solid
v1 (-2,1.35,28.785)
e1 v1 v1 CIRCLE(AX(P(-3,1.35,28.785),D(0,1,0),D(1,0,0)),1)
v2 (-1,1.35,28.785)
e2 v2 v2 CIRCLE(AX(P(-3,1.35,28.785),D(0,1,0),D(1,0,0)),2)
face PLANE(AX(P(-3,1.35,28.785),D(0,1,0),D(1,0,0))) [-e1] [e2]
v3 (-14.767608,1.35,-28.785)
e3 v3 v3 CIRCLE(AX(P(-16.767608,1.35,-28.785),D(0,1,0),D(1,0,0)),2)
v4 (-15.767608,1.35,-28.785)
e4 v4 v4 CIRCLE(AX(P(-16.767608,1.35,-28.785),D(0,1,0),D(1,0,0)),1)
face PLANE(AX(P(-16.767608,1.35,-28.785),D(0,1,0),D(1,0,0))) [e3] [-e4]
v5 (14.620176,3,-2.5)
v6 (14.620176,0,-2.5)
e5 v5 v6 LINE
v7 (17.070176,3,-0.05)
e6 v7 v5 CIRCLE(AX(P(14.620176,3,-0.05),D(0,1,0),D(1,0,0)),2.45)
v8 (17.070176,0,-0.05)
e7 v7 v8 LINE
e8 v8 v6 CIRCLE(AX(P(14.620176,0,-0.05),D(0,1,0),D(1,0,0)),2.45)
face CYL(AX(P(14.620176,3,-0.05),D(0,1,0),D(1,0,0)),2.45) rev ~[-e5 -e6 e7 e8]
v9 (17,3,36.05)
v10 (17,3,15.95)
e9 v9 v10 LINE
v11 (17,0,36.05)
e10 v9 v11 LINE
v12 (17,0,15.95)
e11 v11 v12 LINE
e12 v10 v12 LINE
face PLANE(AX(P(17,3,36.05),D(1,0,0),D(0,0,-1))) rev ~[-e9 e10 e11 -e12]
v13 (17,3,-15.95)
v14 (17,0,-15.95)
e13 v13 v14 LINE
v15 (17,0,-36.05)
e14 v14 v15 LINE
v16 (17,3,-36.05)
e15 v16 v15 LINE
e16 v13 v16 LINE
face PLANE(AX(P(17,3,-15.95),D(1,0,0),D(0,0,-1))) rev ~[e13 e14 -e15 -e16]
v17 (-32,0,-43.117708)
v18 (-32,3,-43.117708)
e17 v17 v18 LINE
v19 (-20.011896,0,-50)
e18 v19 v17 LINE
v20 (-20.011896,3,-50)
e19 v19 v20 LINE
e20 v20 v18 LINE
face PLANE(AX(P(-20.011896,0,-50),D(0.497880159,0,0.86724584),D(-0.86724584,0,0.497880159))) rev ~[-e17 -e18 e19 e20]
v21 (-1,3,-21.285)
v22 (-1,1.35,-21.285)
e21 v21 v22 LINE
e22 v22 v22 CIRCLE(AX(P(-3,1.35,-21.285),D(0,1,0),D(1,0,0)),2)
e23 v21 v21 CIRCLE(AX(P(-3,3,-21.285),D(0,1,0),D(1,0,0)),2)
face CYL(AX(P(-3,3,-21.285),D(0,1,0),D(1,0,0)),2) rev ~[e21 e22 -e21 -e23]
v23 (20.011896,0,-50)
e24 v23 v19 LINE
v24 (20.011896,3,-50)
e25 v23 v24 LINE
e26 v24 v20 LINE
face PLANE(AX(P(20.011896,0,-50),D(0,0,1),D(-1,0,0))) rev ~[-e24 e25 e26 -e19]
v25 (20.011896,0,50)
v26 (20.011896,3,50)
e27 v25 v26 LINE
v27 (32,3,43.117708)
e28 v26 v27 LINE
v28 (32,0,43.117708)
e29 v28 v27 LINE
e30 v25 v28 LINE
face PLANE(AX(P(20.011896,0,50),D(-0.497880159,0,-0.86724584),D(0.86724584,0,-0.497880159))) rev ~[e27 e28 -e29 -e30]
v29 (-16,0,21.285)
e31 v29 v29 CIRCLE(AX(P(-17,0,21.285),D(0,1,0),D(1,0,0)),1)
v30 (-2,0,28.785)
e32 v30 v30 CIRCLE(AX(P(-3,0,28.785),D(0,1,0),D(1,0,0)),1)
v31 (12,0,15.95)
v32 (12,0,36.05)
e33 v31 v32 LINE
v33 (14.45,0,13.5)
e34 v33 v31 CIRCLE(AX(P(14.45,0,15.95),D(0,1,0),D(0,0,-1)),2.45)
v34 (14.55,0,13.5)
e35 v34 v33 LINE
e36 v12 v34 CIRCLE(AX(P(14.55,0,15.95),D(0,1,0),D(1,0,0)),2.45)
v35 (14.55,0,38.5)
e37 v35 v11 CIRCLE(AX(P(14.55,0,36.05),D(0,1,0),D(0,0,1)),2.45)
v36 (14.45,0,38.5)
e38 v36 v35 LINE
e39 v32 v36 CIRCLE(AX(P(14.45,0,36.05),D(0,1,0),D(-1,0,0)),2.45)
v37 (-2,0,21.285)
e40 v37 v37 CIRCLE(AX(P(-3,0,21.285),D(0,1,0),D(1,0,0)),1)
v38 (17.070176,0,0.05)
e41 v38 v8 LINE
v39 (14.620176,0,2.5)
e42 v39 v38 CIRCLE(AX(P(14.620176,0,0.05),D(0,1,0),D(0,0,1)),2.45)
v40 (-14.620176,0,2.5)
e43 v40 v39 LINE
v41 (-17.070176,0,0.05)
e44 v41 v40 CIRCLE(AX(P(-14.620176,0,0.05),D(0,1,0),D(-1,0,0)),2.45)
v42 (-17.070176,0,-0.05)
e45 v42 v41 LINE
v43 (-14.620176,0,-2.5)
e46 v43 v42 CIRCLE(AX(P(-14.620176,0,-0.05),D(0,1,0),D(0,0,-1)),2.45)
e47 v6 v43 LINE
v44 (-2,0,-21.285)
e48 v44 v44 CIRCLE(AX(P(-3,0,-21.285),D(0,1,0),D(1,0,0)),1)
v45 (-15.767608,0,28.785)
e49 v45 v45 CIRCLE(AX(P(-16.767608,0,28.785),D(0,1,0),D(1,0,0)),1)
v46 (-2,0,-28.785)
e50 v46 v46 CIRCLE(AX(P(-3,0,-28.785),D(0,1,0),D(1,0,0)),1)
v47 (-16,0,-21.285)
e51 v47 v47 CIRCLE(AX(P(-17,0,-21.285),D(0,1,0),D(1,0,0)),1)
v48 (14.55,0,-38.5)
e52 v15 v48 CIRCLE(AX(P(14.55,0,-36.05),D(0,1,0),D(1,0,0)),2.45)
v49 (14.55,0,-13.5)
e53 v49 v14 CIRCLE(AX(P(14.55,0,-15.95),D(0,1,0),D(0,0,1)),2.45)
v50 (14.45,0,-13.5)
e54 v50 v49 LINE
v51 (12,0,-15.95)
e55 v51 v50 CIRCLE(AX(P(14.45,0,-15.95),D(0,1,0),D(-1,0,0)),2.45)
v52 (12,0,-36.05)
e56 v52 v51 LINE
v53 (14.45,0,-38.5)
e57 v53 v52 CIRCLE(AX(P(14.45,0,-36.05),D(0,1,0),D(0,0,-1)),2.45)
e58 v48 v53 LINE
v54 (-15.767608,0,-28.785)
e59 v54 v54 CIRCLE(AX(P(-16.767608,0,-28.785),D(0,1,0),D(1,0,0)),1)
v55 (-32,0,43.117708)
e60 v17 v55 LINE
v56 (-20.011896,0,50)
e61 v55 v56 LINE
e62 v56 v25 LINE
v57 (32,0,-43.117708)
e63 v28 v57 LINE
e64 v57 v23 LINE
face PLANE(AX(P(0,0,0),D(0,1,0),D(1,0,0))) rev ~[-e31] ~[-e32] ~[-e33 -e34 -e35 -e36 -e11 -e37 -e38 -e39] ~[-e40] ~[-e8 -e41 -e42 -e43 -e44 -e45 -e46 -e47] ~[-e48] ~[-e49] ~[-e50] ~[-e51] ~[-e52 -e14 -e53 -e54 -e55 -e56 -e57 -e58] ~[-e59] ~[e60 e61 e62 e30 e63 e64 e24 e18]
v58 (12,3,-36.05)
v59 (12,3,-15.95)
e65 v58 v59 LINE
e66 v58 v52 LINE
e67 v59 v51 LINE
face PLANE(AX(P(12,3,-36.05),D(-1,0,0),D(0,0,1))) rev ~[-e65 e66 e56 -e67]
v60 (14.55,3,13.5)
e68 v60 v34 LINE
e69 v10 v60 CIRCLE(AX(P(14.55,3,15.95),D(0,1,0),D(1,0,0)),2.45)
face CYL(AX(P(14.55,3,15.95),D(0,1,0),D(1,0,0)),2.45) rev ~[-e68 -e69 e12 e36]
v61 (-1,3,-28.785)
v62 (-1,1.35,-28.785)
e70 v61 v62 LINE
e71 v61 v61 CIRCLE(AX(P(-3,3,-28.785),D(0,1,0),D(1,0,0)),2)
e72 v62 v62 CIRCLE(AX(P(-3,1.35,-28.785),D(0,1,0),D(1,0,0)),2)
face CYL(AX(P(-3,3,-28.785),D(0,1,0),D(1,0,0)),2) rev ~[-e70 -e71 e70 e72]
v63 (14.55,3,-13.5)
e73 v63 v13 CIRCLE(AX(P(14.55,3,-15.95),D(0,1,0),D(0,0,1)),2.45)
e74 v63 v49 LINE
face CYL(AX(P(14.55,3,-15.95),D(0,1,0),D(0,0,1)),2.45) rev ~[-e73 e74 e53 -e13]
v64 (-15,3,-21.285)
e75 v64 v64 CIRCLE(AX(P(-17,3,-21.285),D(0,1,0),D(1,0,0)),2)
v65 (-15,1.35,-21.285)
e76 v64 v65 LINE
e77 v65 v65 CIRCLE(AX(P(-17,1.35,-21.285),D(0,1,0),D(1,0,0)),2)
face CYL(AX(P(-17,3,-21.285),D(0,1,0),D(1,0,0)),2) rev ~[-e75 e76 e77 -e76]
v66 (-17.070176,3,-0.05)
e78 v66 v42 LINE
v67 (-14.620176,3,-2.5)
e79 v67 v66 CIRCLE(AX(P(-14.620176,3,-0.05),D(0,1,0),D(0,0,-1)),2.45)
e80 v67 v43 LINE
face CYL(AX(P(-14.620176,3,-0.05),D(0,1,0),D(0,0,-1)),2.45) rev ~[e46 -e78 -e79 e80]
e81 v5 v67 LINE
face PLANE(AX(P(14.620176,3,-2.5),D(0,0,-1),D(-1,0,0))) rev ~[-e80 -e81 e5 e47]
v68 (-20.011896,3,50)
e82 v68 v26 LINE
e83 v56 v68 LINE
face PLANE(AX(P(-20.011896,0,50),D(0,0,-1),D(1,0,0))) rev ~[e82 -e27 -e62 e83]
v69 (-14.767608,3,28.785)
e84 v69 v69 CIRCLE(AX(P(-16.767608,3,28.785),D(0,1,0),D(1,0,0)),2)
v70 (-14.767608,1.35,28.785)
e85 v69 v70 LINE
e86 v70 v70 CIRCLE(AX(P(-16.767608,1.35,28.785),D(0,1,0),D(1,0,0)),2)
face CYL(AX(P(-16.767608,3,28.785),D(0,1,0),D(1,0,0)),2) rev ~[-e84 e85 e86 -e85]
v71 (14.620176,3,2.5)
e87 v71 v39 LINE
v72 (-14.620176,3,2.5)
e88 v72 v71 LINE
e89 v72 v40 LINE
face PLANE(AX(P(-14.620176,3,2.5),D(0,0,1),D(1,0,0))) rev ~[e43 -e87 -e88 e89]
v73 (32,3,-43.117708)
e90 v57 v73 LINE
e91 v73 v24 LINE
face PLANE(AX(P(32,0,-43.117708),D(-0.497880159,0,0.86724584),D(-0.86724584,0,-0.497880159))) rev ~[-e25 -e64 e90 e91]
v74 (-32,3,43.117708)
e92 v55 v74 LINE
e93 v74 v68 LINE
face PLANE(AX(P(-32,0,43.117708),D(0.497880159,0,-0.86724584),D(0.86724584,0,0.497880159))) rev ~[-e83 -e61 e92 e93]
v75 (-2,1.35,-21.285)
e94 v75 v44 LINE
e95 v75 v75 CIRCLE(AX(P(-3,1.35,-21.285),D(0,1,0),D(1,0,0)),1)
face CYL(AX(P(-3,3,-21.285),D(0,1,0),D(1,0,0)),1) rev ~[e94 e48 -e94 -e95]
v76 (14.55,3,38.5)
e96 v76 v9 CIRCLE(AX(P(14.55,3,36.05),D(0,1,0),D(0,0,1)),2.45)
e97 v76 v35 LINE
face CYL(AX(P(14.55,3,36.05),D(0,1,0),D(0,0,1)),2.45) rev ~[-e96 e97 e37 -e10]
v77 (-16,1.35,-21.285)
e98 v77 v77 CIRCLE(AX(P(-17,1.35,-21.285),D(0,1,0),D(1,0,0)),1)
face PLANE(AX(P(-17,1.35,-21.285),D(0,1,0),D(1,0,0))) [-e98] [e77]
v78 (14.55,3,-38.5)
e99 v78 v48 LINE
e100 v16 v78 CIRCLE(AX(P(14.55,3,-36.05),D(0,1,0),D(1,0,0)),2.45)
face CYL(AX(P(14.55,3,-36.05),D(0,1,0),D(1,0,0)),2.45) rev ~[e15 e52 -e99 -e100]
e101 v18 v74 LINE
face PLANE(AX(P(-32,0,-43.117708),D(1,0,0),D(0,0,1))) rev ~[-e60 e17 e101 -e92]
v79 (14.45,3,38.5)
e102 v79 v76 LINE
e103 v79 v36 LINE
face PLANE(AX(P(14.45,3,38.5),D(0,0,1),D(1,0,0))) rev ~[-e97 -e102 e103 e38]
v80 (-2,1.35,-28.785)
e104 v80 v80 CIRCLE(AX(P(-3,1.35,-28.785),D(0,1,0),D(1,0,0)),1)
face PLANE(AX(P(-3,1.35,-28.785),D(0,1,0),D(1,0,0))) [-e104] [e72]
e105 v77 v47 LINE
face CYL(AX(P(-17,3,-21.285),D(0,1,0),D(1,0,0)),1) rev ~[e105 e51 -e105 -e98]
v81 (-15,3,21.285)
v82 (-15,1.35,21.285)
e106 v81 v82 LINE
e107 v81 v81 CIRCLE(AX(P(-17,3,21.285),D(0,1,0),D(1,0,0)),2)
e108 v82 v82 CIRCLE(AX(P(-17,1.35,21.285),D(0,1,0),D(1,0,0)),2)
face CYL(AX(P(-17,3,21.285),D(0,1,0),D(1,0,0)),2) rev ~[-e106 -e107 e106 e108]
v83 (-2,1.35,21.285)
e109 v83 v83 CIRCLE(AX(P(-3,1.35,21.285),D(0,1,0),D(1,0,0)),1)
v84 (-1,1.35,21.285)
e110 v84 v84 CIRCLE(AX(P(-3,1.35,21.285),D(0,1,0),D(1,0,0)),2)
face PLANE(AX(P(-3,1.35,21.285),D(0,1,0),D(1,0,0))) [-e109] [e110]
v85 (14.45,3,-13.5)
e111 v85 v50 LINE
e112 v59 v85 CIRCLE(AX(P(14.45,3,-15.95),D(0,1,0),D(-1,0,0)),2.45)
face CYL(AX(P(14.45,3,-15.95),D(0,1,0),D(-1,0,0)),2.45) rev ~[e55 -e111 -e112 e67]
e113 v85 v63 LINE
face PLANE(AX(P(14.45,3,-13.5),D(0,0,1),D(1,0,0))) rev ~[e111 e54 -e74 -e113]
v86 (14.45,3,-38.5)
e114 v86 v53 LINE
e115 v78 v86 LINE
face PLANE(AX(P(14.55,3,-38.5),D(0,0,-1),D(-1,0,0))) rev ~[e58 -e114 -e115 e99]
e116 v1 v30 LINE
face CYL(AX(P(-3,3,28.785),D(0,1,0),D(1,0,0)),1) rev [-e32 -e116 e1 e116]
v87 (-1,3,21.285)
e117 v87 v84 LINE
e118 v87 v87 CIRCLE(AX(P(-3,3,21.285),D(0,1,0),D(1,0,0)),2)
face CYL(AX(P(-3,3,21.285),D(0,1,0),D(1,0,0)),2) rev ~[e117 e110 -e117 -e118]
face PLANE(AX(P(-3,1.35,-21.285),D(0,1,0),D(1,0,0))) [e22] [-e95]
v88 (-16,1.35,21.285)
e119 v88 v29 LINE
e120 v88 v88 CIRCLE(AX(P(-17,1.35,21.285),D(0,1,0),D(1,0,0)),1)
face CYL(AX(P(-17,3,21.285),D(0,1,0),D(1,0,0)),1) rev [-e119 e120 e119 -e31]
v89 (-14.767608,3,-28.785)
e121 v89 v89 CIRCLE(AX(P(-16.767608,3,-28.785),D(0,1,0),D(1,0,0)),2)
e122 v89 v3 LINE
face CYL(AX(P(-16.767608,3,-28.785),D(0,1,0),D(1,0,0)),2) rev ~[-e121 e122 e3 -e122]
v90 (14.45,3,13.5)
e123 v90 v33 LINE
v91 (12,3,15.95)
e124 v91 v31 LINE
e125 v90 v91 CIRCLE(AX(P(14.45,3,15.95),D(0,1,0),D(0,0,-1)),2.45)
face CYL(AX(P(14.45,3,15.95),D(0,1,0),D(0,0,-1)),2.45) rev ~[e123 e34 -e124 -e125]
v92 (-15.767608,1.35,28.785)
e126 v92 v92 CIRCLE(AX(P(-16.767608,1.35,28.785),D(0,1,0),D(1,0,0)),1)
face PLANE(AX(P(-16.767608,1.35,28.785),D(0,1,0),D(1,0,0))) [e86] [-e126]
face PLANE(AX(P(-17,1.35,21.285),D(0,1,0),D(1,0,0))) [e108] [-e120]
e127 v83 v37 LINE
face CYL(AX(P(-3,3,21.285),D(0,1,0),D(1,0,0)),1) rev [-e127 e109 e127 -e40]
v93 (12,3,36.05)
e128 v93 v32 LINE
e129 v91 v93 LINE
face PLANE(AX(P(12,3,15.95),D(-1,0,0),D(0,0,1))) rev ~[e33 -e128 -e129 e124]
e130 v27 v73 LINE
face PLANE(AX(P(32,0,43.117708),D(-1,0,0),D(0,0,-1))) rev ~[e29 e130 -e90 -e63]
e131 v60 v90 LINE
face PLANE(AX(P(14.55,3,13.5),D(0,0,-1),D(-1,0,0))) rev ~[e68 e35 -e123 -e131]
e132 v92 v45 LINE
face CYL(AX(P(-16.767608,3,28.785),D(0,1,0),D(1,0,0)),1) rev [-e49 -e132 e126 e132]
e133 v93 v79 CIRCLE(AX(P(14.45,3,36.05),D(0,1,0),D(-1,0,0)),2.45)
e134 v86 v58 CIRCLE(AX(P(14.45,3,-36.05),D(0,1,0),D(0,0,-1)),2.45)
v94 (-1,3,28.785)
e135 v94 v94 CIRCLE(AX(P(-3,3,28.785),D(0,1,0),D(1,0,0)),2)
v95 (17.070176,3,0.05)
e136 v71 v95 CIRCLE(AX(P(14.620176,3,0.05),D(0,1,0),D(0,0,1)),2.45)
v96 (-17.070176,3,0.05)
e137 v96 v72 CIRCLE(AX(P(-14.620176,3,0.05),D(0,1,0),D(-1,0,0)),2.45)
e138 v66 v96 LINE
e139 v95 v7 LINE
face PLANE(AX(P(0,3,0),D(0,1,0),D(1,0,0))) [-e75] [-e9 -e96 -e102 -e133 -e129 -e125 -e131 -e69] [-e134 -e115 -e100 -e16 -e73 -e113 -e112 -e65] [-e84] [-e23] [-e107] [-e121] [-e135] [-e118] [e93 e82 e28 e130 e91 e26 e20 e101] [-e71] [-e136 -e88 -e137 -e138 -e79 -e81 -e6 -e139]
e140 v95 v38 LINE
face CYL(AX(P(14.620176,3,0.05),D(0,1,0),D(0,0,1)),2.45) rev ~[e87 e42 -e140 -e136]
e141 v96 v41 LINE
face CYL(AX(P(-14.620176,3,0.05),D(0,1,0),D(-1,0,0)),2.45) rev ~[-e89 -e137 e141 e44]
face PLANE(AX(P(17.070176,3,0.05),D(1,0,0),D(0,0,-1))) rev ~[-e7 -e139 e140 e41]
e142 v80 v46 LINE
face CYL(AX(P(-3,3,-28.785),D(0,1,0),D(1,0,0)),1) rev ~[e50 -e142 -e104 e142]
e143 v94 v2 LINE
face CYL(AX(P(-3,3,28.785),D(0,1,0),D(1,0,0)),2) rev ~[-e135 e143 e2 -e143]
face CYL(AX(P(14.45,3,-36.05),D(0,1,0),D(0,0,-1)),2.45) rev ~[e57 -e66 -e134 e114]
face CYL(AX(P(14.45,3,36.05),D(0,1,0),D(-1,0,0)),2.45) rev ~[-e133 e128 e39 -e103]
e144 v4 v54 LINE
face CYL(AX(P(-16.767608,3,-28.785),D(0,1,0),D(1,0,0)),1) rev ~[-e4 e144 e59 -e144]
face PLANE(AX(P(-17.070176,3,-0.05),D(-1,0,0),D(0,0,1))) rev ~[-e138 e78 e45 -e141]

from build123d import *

# Parameters (mm, degrees)
BOSS_EXTRUDE1_DEPTH = 3
CUT_EXTRUDE2_DEPTH  = 10
SKETCH7_R           = 1
CUT_EXTRUDE3_DEPTH  = 11.5
SKETCH8_R           = 2
CUT_EXTRUDE4_DEPTH  = 1.65


with BuildPart() as part:
    # Sketch1 → Boss-Extrude1 (new body)
    with BuildSketch(Plane(origin=(0, 0, 0), x_dir=(1, 0, 0), z_dir=(0, 1, 0))):
        Polygon((-32, -43.117707706), (-20.011895516, -50), (20.011895516, -50), (32, -43.117707706), (32, 43.117707706), (20.011895516, 50), (-20.011895516, 50), (-32, 43.117707706), align=None)
    extrude(amount=BOSS_EXTRUDE1_DEPTH)

    # Sketch5 → Cut-Extrude2 (cut)
    with BuildSketch(Plane(origin=(0, 3, 0), x_dir=(1, 0, 0), z_dir=(0, 1, 0))):
        with BuildLine():
            Line((-14.620176413, -2.5), (14.620176413, -2.5))
            ThreePointArc((14.620176413, -2.5), (16.352588027, -1.782411614), (17.070176413, -0.05))
            Line((17.070176413, -0.05), (17.070176413, 0.05))
            ThreePointArc((17.070176413, 0.05), (16.352588027, 1.782411614), (14.620176413, 2.5))
            Line((14.620176413, 2.5), (-14.620176413, 2.5))
            ThreePointArc((-14.620176413, 2.5), (-16.352588027, 1.782411614), (-17.070176413, 0.05))
            Line((-17.070176413, 0.05), (-17.070176413, -0.05))
            ThreePointArc((-17.070176413, -0.05), (-16.352588027, -1.782411614), (-14.620176413, -2.5))
        make_face()
        with BuildLine():
            Line((14.45, -38.5), (14.55, -38.5))
            ThreePointArc((14.55, -38.5), (16.282411614, -37.782411614), (17, -36.05))
            Line((17, -36.05), (17, -15.95))
            ThreePointArc((17, -15.95), (16.282411614, -14.217588386), (14.55, -13.5))
            Line((14.55, -13.5), (14.45, -13.5))
            ThreePointArc((14.45, -13.5), (12.717588386, -14.217588386), (12, -15.95))
            Line((12, -15.95), (12, -36.05))
            ThreePointArc((12, -36.05), (12.717588386, -37.782411614), (14.45, -38.5))
        make_face()
        with BuildLine():
            Line((14.45, 13.5), (14.55, 13.5))
            ThreePointArc((14.55, 13.5), (16.282411614, 14.217588386), (17, 15.95))
            Line((17, 15.95), (17, 36.05))
            ThreePointArc((17, 36.05), (16.282411614, 37.782411614), (14.55, 38.5))
            Line((14.55, 38.5), (14.45, 38.5))
            ThreePointArc((14.45, 38.5), (12.717588386, 37.782411614), (12, 36.05))
            Line((12, 36.05), (12, 15.95))
            ThreePointArc((12, 15.95), (12.717588386, 14.217588386), (14.45, 13.5))
        make_face()
    extrude(amount=-CUT_EXTRUDE2_DEPTH, mode=Mode.SUBTRACT)

    # Sketch7 → Cut-Extrude3 (cut)
    with BuildSketch(Plane(origin=(0, 3, 0), x_dir=(1, 0, 0), z_dir=(0, 1, 0))):
        with Locations((-3, 28.785)):
            Circle(SKETCH7_R)
        with Locations((-3, 21.285)):
            Circle(SKETCH7_R)
        with Locations((-17, 21.285)):
            Circle(SKETCH7_R)
        with Locations((-16.76760758, 28.785)):
            Circle(SKETCH7_R)
    cut_extrude3 = extrude(amount=-CUT_EXTRUDE3_DEPTH, mode=Mode.SUBTRACT)

    # Mirror1: Cut-Extrude3 across plane
    add(cut_extrude3.mirror(Plane(origin=(0, 0, 0), x_dir=(1, 0, 0), z_dir=(0, 0, -1))), mode=Mode.SUBTRACT)

    # Sketch8 → Cut-Extrude4 (cut)
    with BuildSketch(Plane(origin=(0, 3, 0), x_dir=(1, 0, 0), z_dir=(0, 1, 0))):
        with Locations((-3, -28.785)):
            Circle(SKETCH8_R)
        with Locations((-16.76760758, -28.785)):
            Circle(SKETCH8_R)
        with Locations((-17, -21.285)):
            Circle(SKETCH8_R)
        with Locations((-3, -21.285)):
            Circle(SKETCH8_R)
        with Locations((-3, 28.785)):
            Circle(SKETCH8_R)
        with Locations((-3, 21.285)):
            Circle(SKETCH8_R)
        with Locations((-17, 21.285)):
            Circle(SKETCH8_R)
        with Locations((-16.76760758, 28.785)):
            Circle(SKETCH8_R)
    extrude(amount=-CUT_EXTRUDE4_DEPTH, mode=Mode.SUBTRACT)


solid = part.part
